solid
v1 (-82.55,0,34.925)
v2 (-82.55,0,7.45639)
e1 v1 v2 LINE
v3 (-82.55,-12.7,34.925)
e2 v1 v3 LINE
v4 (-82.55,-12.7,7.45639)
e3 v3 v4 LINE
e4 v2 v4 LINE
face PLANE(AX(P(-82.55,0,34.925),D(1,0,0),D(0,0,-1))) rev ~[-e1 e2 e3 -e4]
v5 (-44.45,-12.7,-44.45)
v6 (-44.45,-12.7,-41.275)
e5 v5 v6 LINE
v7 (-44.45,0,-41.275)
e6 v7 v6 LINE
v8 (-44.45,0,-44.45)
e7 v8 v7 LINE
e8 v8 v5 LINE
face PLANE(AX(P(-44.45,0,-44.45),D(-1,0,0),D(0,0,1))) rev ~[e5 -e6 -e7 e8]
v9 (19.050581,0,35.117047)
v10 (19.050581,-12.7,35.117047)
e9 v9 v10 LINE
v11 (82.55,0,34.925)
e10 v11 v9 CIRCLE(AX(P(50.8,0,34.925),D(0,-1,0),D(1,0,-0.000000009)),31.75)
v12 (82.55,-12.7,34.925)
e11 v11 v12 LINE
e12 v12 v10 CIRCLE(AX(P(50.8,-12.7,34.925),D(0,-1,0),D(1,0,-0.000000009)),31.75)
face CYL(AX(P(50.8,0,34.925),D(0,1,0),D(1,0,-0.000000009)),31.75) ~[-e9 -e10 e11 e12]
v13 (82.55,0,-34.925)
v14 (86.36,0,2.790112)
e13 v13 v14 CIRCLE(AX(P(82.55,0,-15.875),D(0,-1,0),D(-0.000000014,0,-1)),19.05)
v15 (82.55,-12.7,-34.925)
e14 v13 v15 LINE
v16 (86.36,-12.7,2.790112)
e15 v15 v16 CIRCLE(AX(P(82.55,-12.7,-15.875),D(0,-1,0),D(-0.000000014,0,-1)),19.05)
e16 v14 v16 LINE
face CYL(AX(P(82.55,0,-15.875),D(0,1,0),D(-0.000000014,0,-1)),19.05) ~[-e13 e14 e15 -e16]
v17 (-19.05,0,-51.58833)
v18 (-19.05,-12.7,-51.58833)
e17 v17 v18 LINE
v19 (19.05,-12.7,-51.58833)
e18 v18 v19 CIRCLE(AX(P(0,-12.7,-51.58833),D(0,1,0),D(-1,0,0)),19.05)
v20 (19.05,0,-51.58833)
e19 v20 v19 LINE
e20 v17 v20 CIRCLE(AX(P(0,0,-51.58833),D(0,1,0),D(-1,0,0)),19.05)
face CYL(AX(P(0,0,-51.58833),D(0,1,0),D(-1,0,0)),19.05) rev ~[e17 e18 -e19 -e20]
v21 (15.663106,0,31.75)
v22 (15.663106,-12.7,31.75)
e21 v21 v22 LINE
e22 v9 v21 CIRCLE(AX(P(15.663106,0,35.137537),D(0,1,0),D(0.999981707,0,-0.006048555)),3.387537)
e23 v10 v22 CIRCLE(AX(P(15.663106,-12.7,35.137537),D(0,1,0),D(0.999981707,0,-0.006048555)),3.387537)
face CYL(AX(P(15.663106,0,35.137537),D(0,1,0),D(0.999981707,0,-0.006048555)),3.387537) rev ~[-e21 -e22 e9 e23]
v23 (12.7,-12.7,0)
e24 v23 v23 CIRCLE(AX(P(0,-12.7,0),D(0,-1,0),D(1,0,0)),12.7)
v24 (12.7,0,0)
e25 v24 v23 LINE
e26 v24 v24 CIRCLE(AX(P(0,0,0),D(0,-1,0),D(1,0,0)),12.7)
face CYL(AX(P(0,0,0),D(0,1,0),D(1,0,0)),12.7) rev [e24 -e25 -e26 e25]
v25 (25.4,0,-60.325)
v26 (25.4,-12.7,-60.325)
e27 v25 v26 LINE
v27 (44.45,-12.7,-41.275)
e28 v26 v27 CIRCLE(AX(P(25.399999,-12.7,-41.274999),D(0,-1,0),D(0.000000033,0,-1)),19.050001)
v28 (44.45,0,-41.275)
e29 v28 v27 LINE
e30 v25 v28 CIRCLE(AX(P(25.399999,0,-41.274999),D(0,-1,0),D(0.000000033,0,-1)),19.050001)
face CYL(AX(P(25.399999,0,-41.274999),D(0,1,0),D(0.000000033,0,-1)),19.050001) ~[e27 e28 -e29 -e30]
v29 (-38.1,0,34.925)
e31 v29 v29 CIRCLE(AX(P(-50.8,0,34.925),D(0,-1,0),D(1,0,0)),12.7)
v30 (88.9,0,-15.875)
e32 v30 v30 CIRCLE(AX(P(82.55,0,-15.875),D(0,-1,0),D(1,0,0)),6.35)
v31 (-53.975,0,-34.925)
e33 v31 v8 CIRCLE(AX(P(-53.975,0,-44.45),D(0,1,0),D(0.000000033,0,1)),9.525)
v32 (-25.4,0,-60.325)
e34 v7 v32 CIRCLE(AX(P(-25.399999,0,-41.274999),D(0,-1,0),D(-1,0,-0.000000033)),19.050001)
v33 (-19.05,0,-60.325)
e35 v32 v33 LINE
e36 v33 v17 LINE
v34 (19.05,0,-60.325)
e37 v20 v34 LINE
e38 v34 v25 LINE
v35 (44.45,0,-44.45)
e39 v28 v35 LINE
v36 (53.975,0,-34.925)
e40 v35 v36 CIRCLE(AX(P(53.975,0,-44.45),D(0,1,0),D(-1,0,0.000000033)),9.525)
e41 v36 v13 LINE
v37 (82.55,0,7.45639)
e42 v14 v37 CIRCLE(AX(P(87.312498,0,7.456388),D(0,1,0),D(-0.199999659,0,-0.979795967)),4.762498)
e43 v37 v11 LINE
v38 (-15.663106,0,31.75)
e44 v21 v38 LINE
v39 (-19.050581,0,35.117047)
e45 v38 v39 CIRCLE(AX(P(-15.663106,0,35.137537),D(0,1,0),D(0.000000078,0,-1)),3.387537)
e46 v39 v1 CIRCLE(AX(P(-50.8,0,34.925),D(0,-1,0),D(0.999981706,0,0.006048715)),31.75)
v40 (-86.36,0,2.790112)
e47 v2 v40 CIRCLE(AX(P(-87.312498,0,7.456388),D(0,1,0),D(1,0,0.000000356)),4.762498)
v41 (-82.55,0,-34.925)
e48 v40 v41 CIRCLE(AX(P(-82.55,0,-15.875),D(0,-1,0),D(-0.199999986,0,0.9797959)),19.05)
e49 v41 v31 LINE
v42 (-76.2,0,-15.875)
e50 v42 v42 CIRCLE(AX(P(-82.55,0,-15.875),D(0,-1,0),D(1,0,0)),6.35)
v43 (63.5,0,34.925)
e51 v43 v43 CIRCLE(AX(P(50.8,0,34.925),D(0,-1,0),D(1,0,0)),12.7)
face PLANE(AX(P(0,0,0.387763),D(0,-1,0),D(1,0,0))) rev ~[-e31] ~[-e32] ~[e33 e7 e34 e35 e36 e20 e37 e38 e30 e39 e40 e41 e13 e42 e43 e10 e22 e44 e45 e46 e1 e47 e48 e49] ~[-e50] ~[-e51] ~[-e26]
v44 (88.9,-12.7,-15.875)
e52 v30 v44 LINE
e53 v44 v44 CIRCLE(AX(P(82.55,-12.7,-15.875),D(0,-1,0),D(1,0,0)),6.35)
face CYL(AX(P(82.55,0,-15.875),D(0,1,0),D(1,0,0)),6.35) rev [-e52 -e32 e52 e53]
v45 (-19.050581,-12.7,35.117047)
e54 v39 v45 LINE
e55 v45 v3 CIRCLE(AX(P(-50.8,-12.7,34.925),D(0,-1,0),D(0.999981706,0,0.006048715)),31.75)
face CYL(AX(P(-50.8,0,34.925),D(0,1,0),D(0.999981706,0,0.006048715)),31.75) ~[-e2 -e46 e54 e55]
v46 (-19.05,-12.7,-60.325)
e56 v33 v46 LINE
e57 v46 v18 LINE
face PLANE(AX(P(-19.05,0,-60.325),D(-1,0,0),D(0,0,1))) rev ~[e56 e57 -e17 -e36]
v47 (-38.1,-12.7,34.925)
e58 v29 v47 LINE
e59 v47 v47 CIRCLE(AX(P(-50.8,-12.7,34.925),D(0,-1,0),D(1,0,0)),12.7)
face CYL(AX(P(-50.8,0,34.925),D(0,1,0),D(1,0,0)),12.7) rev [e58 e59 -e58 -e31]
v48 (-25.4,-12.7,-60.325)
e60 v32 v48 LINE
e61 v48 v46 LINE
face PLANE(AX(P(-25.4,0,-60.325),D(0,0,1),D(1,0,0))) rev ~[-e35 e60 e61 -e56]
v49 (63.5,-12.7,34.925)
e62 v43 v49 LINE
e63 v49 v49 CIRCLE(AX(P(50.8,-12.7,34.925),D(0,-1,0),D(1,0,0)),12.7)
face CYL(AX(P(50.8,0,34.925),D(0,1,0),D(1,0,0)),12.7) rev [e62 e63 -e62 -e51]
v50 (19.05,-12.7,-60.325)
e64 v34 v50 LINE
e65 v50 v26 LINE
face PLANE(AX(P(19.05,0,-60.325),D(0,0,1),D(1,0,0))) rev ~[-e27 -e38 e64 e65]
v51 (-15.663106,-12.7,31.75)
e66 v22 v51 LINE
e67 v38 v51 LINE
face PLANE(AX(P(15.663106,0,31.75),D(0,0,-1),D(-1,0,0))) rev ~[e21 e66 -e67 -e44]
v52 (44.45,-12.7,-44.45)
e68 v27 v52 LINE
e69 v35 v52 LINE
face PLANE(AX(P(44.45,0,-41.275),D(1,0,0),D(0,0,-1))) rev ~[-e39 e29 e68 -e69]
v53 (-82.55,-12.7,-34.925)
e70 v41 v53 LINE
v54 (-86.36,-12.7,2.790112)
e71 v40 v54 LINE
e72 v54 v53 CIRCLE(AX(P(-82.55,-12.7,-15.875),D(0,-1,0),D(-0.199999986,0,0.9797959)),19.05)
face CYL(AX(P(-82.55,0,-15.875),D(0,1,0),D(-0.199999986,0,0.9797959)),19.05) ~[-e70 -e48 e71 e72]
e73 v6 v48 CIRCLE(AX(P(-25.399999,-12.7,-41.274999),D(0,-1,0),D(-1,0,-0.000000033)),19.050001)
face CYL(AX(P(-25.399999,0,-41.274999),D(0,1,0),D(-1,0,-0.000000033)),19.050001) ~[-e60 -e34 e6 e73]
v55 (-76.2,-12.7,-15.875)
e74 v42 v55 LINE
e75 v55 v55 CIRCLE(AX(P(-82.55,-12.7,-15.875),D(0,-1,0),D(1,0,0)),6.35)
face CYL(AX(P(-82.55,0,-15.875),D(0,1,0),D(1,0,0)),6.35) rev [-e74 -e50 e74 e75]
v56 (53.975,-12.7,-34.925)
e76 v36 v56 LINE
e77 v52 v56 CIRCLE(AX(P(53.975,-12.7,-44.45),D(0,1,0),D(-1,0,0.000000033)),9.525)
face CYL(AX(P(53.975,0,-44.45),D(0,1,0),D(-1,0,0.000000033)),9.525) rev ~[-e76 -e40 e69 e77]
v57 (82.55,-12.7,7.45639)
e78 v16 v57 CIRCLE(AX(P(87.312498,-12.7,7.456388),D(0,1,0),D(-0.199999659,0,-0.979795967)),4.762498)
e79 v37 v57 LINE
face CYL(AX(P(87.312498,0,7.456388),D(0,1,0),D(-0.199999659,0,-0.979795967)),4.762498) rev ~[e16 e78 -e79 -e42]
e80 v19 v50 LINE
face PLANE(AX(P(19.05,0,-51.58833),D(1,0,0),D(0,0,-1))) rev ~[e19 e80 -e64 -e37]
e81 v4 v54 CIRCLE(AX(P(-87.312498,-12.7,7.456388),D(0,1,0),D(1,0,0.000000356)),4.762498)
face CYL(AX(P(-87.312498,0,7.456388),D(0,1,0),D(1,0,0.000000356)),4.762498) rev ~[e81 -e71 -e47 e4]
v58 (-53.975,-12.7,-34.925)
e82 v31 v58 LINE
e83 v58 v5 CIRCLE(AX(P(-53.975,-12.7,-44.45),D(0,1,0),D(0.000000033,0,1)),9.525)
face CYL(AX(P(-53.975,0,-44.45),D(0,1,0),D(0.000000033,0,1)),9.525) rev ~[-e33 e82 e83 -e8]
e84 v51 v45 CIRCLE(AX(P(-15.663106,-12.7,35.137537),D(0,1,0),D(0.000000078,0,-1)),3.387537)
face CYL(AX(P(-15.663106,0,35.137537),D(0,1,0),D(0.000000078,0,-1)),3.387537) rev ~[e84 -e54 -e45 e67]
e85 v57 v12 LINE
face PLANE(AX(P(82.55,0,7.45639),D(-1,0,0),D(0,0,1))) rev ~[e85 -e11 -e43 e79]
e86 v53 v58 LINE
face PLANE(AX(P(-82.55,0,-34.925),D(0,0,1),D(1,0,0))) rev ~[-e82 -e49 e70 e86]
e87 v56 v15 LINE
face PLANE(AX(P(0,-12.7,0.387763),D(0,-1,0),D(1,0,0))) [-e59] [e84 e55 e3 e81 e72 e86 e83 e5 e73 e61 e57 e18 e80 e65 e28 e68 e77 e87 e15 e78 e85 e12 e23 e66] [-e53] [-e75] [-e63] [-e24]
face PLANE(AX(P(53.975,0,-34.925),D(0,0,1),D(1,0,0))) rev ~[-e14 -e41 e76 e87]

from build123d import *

# Parameters (mm, degrees)
F0_R     = 7.9375
F0_R_2   = 12.7
F0_R_3   = 6.35
F1_DEPTH = 12.7


with BuildPart() as f1:
    # F0 (on Front) → F1 (new body)
    with BuildSketch(Plane.XZ):
        with BuildLine():
            Line((82.55, 7.45639), (82.55, 34.925))
            ThreePointArc((82.55, 34.925), (50.896024, 66.674855), (19.050581, 35.117047))
            ThreePointArc((19.050581, 35.117047), (18.051201, 32.734953), (15.663106, 31.75))
            Line((15.663106, 31.75), (0, 31.75))
            Line((0, 31.75), (-15.663106, 31.75))
            ThreePointArc((-15.663106, 31.75), (-18.051201, 32.734953), (-19.050581, 35.117047))
            ThreePointArc((-19.050581, 35.117047), (-50.896024, 66.674855), (-82.55, 34.925))
            Line((-82.55, 34.925), (-82.55, 7.45639))
            ThreePointArc((-82.55, 7.45639), (-83.623483, 4.44432), (-86.36, 2.790112))
            ThreePointArc((-86.36, 2.790112), (-101.503534, -17.789696), (-82.55, -34.925))
            Line((-82.55, -34.925), (-53.975, -34.925))
            ThreePointArc((-53.975, -34.925), (-47.239808, -37.714808), (-44.45, -44.45))
            Line((-44.45, -44.45), (-44.45, -41.275))
            ThreePointArc((-44.45, -41.275), (-38.870384, -54.745384), (-25.4, -60.325))
            Line((-25.4, -60.325), (-19.05, -60.325))
            Line((-19.05, -60.325), (-19.05, -51.58833))
            ThreePointArc((-19.05, -51.58833), (0, -32.53833), (19.05, -51.58833))
            Line((19.05, -51.58833), (19.05, -60.325))
            Line((19.05, -60.325), (25.4, -60.325))
            ThreePointArc((25.4, -60.325), (38.870384, -54.745384), (44.45, -41.275))
            Line((44.45, -41.275), (44.45, -44.45))
            ThreePointArc((44.45, -44.45), (47.239808, -37.714808), (53.975, -34.925))
            Line((53.975, -34.925), (82.55, -34.925))
            ThreePointArc((82.55, -34.925), (101.503534, -17.789696), (86.36, 2.790112))
            ThreePointArc((86.36, 2.790112), (83.623483, 4.44432), (82.55, 7.45639))
        make_face()
        with Locations((-82.55, -15.875)):
            Circle(F0_R, mode=Mode.SUBTRACT)
        Circle(F0_R_2, mode=Mode.SUBTRACT)
        with Locations((82.55, -15.875)):
            Circle(F0_R, mode=Mode.SUBTRACT)
        with Locations((-50.8, 34.925)):
            Circle(F0_R_2, mode=Mode.SUBTRACT)
        with Locations((50.8, 34.925)):
            Circle(F0_R_2, mode=Mode.SUBTRACT)
        with Locations((-82.55, -15.875)):
            Circle(F0_R)
        with Locations((-82.55, -15.875)):
            Circle(F0_R_3, mode=Mode.SUBTRACT)
        with Locations((82.55, -15.875)):
            Circle(F0_R)
        with Locations((82.55, -15.875)):
            Circle(F0_R_3, mode=Mode.SUBTRACT)
    extrude(amount=F1_DEPTH)


solid = f1.part
